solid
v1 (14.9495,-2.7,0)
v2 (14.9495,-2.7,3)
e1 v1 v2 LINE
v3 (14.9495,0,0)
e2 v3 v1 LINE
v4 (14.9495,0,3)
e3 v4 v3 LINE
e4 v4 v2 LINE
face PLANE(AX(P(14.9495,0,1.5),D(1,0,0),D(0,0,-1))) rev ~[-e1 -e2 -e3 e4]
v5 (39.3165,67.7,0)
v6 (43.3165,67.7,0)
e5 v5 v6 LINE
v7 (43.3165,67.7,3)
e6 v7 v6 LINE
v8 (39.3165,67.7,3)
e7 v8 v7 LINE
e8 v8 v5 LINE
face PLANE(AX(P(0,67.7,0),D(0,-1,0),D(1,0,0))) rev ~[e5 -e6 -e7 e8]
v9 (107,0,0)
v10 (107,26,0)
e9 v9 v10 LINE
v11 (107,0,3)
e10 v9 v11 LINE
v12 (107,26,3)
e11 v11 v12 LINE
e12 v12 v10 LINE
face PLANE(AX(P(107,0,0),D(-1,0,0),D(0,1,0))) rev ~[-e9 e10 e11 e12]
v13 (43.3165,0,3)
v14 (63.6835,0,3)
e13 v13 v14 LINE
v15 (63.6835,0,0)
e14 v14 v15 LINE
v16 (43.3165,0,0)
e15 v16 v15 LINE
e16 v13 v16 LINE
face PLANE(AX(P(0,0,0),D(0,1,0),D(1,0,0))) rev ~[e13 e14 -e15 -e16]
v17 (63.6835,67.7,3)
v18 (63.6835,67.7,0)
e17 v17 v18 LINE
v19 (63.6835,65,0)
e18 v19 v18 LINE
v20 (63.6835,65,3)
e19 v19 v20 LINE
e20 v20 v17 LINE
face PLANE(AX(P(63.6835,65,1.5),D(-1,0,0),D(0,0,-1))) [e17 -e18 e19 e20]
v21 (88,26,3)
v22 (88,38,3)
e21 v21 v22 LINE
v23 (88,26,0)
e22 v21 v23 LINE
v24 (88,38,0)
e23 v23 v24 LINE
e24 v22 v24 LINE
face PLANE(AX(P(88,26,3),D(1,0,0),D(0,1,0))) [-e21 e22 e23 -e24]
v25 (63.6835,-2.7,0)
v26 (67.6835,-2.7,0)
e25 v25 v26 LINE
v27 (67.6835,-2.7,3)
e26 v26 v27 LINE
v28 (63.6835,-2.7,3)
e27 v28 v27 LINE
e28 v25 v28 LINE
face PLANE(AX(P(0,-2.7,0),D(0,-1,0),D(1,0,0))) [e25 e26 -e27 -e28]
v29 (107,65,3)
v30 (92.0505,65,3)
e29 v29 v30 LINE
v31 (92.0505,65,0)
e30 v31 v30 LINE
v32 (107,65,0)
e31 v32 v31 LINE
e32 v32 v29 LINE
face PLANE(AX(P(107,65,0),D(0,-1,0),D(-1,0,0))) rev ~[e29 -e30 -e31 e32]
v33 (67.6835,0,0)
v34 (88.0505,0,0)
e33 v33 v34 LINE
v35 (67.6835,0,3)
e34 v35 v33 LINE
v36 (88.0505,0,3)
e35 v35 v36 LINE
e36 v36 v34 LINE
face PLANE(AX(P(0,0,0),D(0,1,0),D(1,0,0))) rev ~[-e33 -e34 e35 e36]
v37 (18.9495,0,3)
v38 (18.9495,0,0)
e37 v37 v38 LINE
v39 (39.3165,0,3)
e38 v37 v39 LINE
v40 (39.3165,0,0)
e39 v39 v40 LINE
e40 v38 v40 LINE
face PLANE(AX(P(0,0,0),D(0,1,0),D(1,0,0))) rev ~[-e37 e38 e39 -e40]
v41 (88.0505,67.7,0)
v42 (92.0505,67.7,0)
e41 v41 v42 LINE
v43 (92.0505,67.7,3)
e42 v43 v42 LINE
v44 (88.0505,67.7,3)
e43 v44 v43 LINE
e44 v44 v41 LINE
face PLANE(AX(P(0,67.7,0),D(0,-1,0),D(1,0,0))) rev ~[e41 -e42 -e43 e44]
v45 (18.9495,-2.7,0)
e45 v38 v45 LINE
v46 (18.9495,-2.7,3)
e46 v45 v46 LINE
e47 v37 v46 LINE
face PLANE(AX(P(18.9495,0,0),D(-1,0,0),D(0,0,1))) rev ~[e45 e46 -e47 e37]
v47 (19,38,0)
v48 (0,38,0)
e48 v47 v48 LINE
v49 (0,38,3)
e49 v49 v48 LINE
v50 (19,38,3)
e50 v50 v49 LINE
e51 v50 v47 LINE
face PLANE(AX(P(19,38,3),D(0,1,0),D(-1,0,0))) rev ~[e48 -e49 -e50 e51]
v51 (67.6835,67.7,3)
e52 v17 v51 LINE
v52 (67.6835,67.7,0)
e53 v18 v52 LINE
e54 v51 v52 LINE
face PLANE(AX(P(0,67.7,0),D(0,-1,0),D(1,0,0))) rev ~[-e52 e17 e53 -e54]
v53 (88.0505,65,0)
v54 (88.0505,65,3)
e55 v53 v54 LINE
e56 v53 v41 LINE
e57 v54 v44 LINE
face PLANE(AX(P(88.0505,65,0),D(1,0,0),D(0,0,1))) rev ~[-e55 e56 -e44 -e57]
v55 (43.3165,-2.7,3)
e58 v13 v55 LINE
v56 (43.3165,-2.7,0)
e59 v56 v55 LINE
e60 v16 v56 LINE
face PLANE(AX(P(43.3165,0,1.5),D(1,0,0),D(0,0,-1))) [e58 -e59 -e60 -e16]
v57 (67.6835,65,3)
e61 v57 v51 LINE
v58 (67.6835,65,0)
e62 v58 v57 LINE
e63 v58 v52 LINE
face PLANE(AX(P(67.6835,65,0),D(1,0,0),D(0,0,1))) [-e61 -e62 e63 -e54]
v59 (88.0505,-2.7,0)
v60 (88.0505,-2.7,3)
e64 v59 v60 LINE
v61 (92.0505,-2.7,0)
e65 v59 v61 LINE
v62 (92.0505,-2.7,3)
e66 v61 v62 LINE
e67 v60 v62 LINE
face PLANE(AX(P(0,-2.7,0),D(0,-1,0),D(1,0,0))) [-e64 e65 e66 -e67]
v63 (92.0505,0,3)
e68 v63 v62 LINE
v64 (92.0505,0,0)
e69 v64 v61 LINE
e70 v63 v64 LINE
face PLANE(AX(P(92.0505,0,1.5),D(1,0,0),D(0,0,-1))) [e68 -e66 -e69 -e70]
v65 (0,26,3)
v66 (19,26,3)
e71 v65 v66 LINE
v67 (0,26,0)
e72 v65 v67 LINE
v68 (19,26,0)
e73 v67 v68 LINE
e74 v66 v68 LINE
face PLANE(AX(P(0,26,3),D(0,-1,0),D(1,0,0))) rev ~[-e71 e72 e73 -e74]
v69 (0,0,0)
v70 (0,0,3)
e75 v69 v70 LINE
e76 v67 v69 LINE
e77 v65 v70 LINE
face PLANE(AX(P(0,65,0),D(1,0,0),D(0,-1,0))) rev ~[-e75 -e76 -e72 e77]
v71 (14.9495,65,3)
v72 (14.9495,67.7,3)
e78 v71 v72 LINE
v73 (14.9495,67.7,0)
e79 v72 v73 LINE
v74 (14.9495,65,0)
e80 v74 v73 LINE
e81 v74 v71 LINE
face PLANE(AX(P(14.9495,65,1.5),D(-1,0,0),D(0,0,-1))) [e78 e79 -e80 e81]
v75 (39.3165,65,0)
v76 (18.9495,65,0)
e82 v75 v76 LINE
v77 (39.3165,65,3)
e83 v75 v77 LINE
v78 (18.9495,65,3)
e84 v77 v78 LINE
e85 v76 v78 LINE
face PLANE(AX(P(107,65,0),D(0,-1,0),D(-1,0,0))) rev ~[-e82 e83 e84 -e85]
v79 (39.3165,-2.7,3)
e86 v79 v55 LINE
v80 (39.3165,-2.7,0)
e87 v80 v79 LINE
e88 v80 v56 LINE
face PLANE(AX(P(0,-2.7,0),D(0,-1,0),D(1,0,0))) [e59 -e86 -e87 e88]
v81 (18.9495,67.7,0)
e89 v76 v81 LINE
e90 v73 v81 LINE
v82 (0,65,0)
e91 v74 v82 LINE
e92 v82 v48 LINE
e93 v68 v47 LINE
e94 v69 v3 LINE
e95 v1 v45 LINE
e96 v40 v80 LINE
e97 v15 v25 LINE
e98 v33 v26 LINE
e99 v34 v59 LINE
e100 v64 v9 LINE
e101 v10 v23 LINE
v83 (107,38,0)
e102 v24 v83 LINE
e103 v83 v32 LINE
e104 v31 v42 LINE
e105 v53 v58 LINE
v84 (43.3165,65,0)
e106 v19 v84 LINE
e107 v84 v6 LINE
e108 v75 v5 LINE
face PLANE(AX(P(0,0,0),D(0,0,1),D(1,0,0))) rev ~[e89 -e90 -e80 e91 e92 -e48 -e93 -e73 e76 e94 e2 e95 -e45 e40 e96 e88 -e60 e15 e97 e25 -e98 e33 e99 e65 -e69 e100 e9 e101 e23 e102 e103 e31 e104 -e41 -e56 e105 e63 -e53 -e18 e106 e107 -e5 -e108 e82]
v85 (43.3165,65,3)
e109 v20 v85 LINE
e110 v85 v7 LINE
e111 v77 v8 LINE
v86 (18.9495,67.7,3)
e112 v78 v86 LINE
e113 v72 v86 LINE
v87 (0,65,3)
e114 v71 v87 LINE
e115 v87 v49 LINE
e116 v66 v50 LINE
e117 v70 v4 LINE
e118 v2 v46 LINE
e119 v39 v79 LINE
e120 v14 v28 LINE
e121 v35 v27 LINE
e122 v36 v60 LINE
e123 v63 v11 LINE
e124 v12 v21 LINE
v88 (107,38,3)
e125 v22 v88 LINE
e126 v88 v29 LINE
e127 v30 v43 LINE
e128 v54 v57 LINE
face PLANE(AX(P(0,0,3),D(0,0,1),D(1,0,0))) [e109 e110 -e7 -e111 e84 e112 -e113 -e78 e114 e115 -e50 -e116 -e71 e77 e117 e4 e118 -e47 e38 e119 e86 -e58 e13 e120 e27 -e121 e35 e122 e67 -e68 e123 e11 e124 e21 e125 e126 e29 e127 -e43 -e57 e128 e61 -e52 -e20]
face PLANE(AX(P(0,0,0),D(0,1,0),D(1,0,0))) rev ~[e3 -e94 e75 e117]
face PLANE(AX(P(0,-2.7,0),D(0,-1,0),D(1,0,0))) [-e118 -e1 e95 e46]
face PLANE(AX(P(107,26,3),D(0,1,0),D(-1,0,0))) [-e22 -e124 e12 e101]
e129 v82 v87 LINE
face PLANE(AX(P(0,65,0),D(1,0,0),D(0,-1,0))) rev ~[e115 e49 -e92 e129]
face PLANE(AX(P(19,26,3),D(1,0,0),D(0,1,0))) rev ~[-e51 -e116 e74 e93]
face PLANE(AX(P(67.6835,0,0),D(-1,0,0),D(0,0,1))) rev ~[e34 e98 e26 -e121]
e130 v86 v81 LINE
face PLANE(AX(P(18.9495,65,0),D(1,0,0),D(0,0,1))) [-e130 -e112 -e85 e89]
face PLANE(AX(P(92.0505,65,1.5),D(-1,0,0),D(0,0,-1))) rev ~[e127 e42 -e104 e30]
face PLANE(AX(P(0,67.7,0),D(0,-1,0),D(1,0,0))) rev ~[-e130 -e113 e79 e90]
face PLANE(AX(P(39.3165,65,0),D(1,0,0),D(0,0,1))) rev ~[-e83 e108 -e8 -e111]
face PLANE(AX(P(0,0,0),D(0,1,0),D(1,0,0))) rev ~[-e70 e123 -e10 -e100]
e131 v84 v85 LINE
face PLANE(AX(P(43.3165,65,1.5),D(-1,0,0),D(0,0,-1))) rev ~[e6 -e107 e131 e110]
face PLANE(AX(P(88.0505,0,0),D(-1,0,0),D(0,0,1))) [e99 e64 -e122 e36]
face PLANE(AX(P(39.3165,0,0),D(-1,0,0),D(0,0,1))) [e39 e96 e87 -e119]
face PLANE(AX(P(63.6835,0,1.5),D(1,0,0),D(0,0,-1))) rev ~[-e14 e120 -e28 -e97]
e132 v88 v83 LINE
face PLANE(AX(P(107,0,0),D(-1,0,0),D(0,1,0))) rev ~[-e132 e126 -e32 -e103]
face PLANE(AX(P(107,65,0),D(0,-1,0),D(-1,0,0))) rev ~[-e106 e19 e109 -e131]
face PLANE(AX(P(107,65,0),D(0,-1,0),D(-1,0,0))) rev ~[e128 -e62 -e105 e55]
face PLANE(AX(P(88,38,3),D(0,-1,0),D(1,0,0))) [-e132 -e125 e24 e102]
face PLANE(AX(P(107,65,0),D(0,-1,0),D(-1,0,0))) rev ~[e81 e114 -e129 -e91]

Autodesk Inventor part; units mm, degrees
ref_plane "YZ Plane" through (0, 0, 0) normal (1, 0, 0) x (0, 1, 0)
ref_plane "XZ Plane" through (0, 0, 0) normal (0, 1, 0) x (-1, 0, 0)
ref_plane "XY Plane" through (0, 0, 0) normal (0, 0, 1) x (1, 0, 0)
sketch "Sketch1" plane through (0, 0, 0) normal (0, 0, 1) x (1, 0, 0)
  line L0 (0, 0) -> (107, 0)
  line L1 (107, 0) -> (107, 65)
  line L2 (107, 65) -> (0, 65)
  line L3 (0, 65) -> (0, 0)
  dimension "d0" = 107
  dimension "d1" = 65
extrude "Extrusion1" add sketch "Sketch1" along normal blind 3
sketch "Sketch2" plane through (0, 0, 3) normal (0, 0, 1) x (1, 0, 0)
  line L0 (0, 0) -> (107, 0) projected
  line L1 (53.5, 0) -> (53.5, 65)
  line L2 (107, 0) -> (107, 26)
  line L3 (107, 0) -> (107, 65) projected
  line L4 (107, 26) -> (88, 26)
  line L5 (88, 26) -> (88, 38)
  line L6 (88, 38) -> (107, 38)
  line L7 (0, 0) -> (0, 26)
  line L8 (0, 26) -> (19, 26)
  line L9 (19, 26) -> (19, 38)
  line L10 (19, 38) -> (0, 38)
  line L11 (0, 26) -> (0, 38)
  line L12 (0, 65) -> (0, 0) projected
  dimension "d8" = 26
  dimension "d9" = 19
  dimension "d10" = 12
  dimension "d11" = 19
extrude "Extrusion2" cut sketch "Sketch2" against normal blind 50.975
sketch "Sketch3" plane through (0, 0, 0) normal (0, -1, 0) x (1, 0, 0)
  line L0 (0, 0) -> (0, 3) projected
  line L1 (0, 1.5) -> (107, 1.5)
  line L2 (107, 0) -> (107, 3) projected
  line L3 (0, 3) -> (107, 3) projected
  line L4 (53.5, 3) -> (53.5, 0)
  line L5 (0, 0) -> (107, 0) projected
  line L6 (53.5, 1.5) -> (43.3165, 1.5)
  line L7 (53.5, 1.5) -> (63.6835, 1.5)
  line L8 (43.3165, 1.5) -> (39.3165, 1.5)
  line L9 (41.3165, 1.5) -> (39.3165, 1.5)
  line L10 (39.3165, 1.5) -> (39.3165, 3)
  line L11 (43.3165, 1.5) -> (43.3165, 0)
  line L12 (39.3165, 3) -> (43.3165, 3)
  line L13 (43.3165, 3) -> (43.3165, 0)
  line L14 (43.3165, 0) -> (39.3165, 0)
  line L15 (39.3165, 0) -> (39.3165, 3)
  line L16 (67.6835, 1.5) -> (67.6835, 3)
  line L17 (67.6835, 3) -> (63.6835, 3)
  line L18 (63.6835, 3) -> (63.6835, 0)
  line L19 (63.6835, 0) -> (67.6835, 0)
  line L20 (67.6835, 0) -> (67.6835, 3)
  line L21 (39.3165, 1.5) -> (18.9495, 1.5)
  line L22 (29.133, 1.5) -> (29.133, 3)
  line L23 (18.9495, 3) -> (14.9495, 3)
  line L24 (14.9495, 3) -> (14.9495, 0)
  line L25 (14.9495, 0) -> (18.9495, 0)
  line L26 (18.9495, 0) -> (18.9495, 3)
  line L27 (88.0505, 0) -> (88.0505, 3)
  line L28 (88.0505, 3) -> (92.0505, 3)
  line L29 (92.0505, 3) -> (92.0505, 0)
  line L30 (92.0505, 0) -> (88.0505, 0)
  point P0 (92.0505, 0)
  point P1 (63.6835, 0)
  point P2 (14.9495, 0)
  dimension "d14" = 10.1835
  dimension "d15" = 10.1835
  dimension "d16" = 4
  dimension "d17" = 2
  dimension "d18" = 1.5
  dimension "d19" = 1.5
  dimension "d20" = 20.367
extrude "Extrusion3" add sketch "Sketch3" along normal blind 2.7 contours L24 L1 L26 L5 | L24 L3 L26 L1 | L15 L1 L11 L5 | L10 L3 L13 L1 | L18 L1 L20 L5 | L18 L3 L16 L1 | L27 L1 L29 L5 | L27 L3 L29 L1
extrude "Extrusion4" add sketch "Sketch3" against normal blind 2.7 from surface at -65 contours L24 L1 L26 L5 | L24 L3 L26 L1 | L15 L1 L11 L5 | L10 L3 L13 L1 | L18 L1 L20 L5 | L18 L3 L16 L1 | L27 L1 L29 L5 | L27 L3 L29 L1
properties part number "carcasa_piezaFrontal"
